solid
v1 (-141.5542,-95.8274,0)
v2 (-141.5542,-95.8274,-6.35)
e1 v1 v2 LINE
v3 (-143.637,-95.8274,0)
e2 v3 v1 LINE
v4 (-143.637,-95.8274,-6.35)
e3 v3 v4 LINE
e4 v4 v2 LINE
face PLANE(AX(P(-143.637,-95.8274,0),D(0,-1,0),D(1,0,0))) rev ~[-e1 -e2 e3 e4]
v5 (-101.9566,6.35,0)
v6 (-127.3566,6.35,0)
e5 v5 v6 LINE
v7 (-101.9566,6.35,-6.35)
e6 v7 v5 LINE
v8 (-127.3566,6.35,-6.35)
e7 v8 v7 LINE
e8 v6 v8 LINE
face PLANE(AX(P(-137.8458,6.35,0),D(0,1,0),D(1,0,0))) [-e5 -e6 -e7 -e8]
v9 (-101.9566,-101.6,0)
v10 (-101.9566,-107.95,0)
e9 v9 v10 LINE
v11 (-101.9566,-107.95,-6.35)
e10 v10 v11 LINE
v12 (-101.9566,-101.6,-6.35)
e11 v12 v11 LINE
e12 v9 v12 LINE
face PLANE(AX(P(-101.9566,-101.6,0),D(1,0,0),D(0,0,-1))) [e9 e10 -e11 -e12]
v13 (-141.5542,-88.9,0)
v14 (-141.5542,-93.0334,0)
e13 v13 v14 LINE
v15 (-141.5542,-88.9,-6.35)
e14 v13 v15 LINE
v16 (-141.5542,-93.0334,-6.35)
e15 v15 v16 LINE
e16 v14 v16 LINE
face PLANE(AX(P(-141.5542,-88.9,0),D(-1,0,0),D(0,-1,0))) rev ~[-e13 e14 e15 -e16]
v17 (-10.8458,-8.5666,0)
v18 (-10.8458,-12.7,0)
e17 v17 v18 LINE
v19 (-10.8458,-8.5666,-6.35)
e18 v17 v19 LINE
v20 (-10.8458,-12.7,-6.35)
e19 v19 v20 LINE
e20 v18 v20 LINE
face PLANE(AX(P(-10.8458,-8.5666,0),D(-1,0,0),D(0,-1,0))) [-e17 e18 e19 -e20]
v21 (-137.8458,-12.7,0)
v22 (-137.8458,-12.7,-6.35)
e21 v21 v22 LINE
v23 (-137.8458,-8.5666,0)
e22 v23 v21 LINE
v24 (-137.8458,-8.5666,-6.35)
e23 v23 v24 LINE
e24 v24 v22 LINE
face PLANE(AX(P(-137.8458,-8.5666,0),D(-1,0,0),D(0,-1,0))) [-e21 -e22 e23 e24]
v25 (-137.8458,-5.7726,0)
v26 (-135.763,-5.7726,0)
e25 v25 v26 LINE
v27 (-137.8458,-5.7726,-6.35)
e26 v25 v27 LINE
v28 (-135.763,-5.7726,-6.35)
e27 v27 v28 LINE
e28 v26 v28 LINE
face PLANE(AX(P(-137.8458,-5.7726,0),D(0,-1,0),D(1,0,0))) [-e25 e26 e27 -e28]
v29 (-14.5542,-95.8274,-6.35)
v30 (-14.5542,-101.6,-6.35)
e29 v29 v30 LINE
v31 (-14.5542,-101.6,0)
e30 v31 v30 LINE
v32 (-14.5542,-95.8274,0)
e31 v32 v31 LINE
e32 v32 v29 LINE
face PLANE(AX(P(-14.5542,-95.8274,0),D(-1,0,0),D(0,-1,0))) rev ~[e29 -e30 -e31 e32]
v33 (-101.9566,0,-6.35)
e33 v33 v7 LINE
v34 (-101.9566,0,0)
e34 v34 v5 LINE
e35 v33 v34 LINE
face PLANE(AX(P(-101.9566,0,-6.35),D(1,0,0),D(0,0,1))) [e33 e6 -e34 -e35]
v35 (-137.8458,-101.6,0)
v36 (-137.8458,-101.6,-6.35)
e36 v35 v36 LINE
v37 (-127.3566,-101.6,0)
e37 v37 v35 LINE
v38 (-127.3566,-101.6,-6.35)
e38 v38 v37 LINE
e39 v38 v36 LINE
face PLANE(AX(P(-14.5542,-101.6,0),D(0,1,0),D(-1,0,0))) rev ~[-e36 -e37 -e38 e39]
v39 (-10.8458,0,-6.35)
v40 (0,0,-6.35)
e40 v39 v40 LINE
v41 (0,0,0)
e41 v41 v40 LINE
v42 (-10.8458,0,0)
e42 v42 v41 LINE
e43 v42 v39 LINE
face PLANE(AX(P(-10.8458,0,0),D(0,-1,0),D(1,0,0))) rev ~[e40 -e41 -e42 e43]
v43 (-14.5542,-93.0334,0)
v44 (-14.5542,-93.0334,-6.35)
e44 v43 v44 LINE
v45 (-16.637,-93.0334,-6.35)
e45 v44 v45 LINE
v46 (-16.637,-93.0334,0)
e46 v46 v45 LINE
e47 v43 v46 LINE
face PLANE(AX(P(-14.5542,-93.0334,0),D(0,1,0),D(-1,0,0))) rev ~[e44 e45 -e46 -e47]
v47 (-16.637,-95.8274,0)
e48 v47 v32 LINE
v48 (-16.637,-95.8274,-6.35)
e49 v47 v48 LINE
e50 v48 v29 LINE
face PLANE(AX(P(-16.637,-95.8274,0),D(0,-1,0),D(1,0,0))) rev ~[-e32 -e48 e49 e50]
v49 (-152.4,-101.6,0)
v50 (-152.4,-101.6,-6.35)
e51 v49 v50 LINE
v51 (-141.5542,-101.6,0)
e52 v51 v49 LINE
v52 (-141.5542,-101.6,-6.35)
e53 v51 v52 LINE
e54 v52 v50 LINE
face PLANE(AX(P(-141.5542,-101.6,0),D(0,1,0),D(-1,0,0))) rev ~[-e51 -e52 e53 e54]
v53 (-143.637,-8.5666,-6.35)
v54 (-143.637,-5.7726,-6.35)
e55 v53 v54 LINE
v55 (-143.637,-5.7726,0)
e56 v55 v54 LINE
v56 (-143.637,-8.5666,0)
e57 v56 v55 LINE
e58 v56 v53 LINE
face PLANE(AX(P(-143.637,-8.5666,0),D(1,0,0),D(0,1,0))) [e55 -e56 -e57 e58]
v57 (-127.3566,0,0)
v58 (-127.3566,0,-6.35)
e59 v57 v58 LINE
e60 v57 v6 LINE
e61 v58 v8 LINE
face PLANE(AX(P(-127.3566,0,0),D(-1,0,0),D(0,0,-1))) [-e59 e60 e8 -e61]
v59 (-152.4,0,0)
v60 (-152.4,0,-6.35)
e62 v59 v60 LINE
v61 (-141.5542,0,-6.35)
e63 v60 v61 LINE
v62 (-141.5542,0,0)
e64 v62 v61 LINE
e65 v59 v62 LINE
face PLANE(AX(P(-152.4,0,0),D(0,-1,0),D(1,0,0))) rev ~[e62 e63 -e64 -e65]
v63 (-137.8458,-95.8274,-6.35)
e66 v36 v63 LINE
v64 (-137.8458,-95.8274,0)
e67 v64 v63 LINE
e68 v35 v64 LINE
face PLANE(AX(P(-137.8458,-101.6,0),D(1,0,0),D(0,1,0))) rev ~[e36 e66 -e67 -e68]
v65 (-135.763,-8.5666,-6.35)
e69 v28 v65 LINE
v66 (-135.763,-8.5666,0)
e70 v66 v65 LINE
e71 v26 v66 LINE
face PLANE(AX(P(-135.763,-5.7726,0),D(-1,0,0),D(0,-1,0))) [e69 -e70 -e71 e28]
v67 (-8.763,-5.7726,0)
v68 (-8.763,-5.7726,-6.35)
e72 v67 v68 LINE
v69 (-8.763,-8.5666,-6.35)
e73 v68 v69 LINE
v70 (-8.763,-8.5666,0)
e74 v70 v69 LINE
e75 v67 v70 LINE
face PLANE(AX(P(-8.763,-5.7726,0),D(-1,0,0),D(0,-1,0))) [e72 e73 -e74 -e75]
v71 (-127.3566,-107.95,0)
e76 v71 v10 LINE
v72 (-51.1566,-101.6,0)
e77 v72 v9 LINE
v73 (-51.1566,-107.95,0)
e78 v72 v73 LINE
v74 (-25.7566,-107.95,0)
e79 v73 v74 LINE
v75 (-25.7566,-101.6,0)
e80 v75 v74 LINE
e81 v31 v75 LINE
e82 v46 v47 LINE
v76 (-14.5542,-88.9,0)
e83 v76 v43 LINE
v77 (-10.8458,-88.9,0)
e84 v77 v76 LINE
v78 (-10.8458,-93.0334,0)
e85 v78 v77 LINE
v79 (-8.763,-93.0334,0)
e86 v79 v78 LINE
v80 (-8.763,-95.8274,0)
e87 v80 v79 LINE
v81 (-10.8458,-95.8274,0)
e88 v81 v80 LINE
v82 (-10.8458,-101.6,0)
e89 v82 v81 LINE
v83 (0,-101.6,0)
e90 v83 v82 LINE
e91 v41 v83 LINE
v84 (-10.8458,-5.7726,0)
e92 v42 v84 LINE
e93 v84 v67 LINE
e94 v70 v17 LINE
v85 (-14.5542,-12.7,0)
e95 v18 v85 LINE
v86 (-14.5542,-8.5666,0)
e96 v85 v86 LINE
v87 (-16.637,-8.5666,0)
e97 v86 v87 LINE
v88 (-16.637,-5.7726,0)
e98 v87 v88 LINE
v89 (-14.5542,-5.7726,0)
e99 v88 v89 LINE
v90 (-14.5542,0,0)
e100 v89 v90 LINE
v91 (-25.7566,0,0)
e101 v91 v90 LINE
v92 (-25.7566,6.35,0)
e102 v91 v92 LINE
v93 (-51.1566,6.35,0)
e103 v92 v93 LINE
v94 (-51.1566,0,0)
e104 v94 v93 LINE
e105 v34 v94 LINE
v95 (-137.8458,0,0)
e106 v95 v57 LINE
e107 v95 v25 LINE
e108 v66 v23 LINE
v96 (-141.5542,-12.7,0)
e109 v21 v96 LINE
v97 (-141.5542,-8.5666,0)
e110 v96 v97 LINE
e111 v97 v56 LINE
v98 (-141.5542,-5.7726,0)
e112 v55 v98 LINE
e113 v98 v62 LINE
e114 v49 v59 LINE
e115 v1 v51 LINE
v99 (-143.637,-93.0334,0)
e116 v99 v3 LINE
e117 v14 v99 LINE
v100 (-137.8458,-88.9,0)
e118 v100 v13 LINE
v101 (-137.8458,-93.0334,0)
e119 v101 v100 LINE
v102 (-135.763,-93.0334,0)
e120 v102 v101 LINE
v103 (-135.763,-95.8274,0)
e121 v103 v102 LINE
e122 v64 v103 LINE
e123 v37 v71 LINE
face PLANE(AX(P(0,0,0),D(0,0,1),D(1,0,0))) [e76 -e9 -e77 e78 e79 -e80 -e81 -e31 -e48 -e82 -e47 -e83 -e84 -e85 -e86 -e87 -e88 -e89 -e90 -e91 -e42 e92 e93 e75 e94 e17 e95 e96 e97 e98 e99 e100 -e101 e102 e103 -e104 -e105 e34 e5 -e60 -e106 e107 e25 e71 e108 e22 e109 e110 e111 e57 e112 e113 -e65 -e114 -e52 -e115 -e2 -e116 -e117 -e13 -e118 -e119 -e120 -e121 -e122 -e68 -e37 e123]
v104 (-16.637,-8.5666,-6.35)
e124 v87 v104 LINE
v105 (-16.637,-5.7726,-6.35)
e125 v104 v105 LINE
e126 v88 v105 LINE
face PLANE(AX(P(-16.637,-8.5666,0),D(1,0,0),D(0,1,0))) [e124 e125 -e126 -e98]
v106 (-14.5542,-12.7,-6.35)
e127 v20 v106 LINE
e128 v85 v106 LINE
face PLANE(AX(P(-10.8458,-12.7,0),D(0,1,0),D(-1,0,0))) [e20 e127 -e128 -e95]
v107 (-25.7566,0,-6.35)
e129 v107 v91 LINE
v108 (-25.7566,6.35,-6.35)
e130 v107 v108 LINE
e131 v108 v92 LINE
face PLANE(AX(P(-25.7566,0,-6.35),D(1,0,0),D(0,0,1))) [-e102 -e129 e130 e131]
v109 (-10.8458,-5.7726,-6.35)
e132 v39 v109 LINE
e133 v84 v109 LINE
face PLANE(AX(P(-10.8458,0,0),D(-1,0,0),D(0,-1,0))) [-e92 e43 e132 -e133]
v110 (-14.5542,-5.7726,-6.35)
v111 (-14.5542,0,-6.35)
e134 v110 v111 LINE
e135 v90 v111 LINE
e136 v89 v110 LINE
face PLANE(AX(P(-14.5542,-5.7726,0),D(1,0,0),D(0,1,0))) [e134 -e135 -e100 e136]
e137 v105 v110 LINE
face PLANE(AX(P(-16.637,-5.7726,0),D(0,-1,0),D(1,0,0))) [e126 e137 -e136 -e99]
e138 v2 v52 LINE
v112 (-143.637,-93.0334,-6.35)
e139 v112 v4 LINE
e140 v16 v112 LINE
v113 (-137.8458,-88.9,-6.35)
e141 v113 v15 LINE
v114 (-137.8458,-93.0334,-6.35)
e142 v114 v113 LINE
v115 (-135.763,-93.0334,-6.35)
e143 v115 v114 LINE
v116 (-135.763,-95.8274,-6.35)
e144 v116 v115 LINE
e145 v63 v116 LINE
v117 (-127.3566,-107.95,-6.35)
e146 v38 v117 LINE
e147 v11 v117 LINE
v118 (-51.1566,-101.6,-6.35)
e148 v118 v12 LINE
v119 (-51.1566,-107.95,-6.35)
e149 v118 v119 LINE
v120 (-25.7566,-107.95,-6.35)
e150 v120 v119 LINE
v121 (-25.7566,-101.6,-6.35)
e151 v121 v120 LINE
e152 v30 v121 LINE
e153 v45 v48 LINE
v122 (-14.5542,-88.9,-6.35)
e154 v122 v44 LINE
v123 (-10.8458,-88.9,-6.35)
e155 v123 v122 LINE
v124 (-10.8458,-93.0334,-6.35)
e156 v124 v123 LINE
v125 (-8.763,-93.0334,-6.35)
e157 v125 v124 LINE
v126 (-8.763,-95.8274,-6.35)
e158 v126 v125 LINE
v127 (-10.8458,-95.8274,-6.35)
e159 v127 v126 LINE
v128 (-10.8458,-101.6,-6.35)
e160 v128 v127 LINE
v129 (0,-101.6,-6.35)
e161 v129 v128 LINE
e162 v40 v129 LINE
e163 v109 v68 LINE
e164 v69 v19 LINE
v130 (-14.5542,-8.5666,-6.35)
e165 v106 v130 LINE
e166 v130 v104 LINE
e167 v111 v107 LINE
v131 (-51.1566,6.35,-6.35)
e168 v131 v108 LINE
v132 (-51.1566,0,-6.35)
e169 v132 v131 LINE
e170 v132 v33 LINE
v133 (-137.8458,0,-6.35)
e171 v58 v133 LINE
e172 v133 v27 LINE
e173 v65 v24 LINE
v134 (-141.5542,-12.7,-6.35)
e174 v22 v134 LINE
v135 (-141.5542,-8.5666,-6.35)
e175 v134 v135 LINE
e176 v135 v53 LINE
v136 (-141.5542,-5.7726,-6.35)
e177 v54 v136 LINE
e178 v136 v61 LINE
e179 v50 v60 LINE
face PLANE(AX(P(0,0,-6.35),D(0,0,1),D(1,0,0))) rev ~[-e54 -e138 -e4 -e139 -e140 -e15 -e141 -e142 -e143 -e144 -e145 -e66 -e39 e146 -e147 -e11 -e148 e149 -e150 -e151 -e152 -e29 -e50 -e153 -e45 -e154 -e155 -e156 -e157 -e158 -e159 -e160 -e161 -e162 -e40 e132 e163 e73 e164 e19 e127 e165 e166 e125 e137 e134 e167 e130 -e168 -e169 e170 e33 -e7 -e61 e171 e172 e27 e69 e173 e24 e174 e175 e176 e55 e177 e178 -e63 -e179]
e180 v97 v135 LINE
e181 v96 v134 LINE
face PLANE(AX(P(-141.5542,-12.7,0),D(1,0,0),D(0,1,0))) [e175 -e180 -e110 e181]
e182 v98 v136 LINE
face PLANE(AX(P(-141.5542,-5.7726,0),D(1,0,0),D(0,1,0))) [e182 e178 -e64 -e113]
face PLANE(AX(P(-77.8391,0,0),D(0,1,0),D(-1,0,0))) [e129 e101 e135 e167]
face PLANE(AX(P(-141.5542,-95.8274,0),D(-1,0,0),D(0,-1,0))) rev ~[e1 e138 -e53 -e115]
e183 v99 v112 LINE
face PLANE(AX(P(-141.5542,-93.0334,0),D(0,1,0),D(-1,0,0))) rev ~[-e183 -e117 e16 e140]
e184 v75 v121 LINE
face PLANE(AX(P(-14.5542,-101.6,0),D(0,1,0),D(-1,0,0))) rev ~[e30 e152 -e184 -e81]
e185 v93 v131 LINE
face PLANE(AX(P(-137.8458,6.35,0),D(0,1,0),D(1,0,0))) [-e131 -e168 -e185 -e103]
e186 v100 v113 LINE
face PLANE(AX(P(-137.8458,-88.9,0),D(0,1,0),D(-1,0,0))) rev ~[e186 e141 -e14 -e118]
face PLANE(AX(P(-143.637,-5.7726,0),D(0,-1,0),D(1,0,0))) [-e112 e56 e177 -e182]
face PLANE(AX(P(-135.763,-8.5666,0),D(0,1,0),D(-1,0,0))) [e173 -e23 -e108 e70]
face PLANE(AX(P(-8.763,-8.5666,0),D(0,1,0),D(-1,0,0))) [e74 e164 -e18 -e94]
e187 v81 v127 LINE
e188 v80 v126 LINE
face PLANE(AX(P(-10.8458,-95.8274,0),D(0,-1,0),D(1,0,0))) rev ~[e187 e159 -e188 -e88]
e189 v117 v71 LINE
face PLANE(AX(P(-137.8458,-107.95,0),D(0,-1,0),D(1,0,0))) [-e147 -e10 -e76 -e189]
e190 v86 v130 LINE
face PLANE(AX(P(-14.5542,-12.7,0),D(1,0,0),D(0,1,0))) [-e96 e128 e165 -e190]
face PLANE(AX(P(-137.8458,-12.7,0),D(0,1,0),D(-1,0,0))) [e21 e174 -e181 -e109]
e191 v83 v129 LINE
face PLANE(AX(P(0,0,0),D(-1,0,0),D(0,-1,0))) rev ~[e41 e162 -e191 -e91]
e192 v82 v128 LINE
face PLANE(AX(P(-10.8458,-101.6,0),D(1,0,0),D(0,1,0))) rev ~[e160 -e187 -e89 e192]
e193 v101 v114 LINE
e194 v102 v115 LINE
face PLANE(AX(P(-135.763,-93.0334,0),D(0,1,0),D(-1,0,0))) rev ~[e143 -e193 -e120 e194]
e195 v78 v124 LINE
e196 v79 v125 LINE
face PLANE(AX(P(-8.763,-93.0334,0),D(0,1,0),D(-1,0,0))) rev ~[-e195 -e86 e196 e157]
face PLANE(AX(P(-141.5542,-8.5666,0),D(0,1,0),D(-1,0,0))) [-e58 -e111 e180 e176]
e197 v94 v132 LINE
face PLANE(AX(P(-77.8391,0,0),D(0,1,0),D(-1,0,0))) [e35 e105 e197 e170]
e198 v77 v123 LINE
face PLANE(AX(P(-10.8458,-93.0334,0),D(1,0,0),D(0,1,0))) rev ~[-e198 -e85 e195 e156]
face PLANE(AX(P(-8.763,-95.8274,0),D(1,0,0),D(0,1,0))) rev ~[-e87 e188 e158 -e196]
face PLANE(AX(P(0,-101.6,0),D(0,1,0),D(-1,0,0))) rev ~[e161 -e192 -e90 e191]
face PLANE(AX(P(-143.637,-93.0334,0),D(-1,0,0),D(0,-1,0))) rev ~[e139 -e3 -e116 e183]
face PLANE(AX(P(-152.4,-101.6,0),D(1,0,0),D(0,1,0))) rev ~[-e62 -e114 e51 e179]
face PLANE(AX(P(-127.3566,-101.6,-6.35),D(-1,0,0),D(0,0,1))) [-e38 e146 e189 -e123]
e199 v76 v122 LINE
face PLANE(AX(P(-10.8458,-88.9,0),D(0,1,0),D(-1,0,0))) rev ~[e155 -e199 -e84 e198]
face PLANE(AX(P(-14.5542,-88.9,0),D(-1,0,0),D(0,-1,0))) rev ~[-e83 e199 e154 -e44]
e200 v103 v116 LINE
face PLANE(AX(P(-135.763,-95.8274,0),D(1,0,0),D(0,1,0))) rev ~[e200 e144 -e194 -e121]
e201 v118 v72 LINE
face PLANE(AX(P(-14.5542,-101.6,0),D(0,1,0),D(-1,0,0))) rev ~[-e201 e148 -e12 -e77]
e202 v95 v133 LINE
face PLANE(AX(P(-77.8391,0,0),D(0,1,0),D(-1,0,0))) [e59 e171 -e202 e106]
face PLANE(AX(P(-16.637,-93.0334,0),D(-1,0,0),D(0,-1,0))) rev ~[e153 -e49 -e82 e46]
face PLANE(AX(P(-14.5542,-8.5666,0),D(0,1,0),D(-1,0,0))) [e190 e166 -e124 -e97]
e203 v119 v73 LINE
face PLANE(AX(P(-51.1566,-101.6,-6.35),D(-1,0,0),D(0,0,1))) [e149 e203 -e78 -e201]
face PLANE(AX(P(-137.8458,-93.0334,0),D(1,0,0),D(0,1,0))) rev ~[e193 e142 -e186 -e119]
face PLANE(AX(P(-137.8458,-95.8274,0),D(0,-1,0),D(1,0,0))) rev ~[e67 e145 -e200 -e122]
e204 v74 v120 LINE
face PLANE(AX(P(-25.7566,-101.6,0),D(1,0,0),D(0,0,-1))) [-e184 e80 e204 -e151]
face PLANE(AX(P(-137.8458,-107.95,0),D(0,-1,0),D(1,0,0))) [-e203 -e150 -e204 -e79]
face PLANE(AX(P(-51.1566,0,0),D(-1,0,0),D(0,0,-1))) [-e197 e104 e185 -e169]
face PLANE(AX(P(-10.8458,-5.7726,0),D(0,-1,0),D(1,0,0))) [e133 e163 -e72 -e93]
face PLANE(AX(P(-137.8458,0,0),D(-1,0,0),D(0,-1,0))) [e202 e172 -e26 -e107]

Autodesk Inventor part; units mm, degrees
ref_plane "YZ Plane" through (0, 0, 0) normal (1, 0, 0) x (0, 1, 0)
ref_plane "Work Plane1" through (0, 0, 0) normal (0, 0, 1) x (1, 0, 0)
sketch "Sketch1" plane through (0, 0, 0) normal (0, 0, 1) x (1, 0, 0)
  line L0 (-77.8391, 0) -> (-108.8361, 0) projected
  line L1 (-108.8361, -33.02) -> (-108.8361, 0) projected
  line L2 (-77.8391, -33.02) -> (-108.8361, -33.02) projected
  line L3 (-77.8391, -33.02) -> (-77.8391, 0) projected
  line L4 (-152.4, 0) -> (0, 0) construction
  line L5 (-152.4, 0) -> (-152.4, 6.35) construction
  line L6 (0, 0) -> (0, 6.35) construction
  line L7 (-152.4, 0) -> (0, 0)
  line L8 (0, 0) -> (0, -101.6)
  line L9 (0, -101.6) -> (-152.4, -101.6)
  line L10 (-152.4, -101.6) -> (-152.4, 0)
  line L11 (-137.8458, 6.35) -> (-137.8458, 0)
  line L12 (-141.5542, 6.35) -> (-141.5542, 0)
  line L13 (-14.5542, 6.35) -> (-14.5542, 0)
  line L14 (-10.8458, 6.35) -> (-10.8458, 0)
  line L15 (-141.5542, 0) -> (-137.8458, 0)
  line L16 (-137.8458, 0) -> (-137.8458, -12.7)
  line L17 (-137.8458, -12.7) -> (-141.5542, -12.7)
  line L18 (-141.5542, -12.7) -> (-141.5542, 0)
  line L19 (-14.5542, 0) -> (-10.8458, 0)
  line L20 (-10.8458, 0) -> (-10.8458, -12.7)
  line L21 (-10.8458, -12.7) -> (-14.5542, -12.7)
  line L22 (-14.5542, -12.7) -> (-14.5542, 0)
  line L23 (-16.637, -5.7726) -> (-8.763, -5.7726)
  line L24 (-8.763, -5.7726) -> (-8.763, -8.5666)
  line L25 (-8.763, -8.5666) -> (-16.637, -8.5666)
  line L26 (-16.637, -8.5666) -> (-16.637, -5.7726)
  line L27 (-143.637, -5.7726) -> (-135.763, -5.7726)
  line L28 (-135.763, -5.7726) -> (-135.763, -8.5666)
  line L29 (-135.763, -8.5666) -> (-143.637, -8.5666)
  line L30 (-143.637, -8.5666) -> (-143.637, -5.7726)
  line L31 (-152.4, -50.8) -> (0, -50.8) construction
  line L32 (-137.8458, -107.95) -> (-137.8458, -101.6)
  line L33 (-141.5542, -107.95) -> (-141.5542, -101.6)
  line L34 (-14.5542, -107.95) -> (-14.5542, -101.6)
  line L35 (-10.8458, -107.95) -> (-10.8458, -101.6)
  line L36 (-141.5542, -101.6) -> (-137.8458, -101.6)
  line L37 (-137.8458, -101.6) -> (-137.8458, -88.9)
  line L38 (-137.8458, -88.9) -> (-141.5542, -88.9)
  line L39 (-141.5542, -88.9) -> (-141.5542, -101.6)
  line L40 (-14.5542, -101.6) -> (-10.8458, -101.6)
  line L41 (-10.8458, -101.6) -> (-10.8458, -88.9)
  line L42 (-10.8458, -88.9) -> (-14.5542, -88.9)
  line L43 (-14.5542, -88.9) -> (-14.5542, -101.6)
  line L44 (-16.637, -95.8274) -> (-8.763, -95.8274)
  line L45 (-8.763, -95.8274) -> (-8.763, -93.0334)
  line L46 (-8.763, -93.0334) -> (-16.637, -93.0334)
  line L47 (-16.637, -93.0334) -> (-16.637, -95.8274)
  line L48 (-143.637, -95.8274) -> (-135.763, -95.8274)
  line L49 (-135.763, -95.8274) -> (-135.763, -93.0334)
  line L50 (-135.763, -93.0334) -> (-143.637, -93.0334)
  line L51 (-143.637, -93.0334) -> (-143.637, -95.8274)
  dimension "d0" = 101.6
  dimension "d1" = 12.7
  dimension "d2" = 7.874
  dimension "d3" = 2.794
  dimension "d6" = 2.0828
  dimension "d7" = 2.0828
  dimension "d8" = 7.874
  dimension "d9" = 2.0828
  dimension "d10" = 2.0828
ref_plane "Work Plane2" through (-137.8458, 0, 0) normal (0, 1, 0) x (1, 0, 0)
sketch "Sketch2" plane through (-137.8458, 0, 0) normal (0, 1, 0) x (1, 0, 0)
  line L0 (35.8892, 0) -> (10.4892, 0) projected
  line L1 (10.4892, 0) -> (10.4892, 6.35) projected
  line L2 (10.4892, 6.35) -> (35.8892, 6.35) projected
  line L3 (35.8892, 6.35) -> (35.8892, 0) projected
  line L4 (112.0892, 0) -> (86.6892, 0) projected
  line L5 (112.0892, 6.35) -> (112.0892, 0) projected
  line L6 (86.6892, 6.35) -> (112.0892, 6.35) projected
  line L7 (86.6892, 0) -> (86.6892, 6.35) projected
  point P0 (137.8458, 0)
extrude "Extrusion2" add sketch "Sketch2" along normal blind 6.35
extrude "Extrusion3" add sketch "Sketch1" against normal blind 6.35 contours L3 L2 L1 L0 | L7 L22 L23 L26 L25 L21 L20 L24 L8 L9 L41 L44 L45 L46 L42 L43 L47 L37 L48 L49 L50 L38 L39 L51 L10 L18 L27 L30 L29 L17 L16 L28 L1 L2 L3
sketch "Sketch3" plane through (-137.8458, -101.6, 0) normal (0, -1, 0) x (1, 0, 0)
  line L0 (35.8892, 0) -> (35.8892, -6.35) projected
  line L1 (35.8892, -6.35) -> (10.4892, -6.35) projected
  line L2 (10.4892, -6.35) -> (10.4892, 0) projected
  line L3 (10.4892, 0) -> (35.8892, 0) projected
  line L4 (112.0892, 0) -> (112.0892, -6.35) projected
  line L5 (112.0892, -6.35) -> (86.6892, -6.35) projected
  line L6 (86.6892, -6.35) -> (86.6892, 0) projected
  line L7 (86.6892, 0) -> (112.0892, 0) projected
  point P0 (137.8458, 0)
extrude "Extrusion4" add sketch "Sketch3" along normal blind 6.35
equation "\"d6\" = d7"
equation "\"d9\" = d10"
properties part number "baseBoxShortSideRB01"
